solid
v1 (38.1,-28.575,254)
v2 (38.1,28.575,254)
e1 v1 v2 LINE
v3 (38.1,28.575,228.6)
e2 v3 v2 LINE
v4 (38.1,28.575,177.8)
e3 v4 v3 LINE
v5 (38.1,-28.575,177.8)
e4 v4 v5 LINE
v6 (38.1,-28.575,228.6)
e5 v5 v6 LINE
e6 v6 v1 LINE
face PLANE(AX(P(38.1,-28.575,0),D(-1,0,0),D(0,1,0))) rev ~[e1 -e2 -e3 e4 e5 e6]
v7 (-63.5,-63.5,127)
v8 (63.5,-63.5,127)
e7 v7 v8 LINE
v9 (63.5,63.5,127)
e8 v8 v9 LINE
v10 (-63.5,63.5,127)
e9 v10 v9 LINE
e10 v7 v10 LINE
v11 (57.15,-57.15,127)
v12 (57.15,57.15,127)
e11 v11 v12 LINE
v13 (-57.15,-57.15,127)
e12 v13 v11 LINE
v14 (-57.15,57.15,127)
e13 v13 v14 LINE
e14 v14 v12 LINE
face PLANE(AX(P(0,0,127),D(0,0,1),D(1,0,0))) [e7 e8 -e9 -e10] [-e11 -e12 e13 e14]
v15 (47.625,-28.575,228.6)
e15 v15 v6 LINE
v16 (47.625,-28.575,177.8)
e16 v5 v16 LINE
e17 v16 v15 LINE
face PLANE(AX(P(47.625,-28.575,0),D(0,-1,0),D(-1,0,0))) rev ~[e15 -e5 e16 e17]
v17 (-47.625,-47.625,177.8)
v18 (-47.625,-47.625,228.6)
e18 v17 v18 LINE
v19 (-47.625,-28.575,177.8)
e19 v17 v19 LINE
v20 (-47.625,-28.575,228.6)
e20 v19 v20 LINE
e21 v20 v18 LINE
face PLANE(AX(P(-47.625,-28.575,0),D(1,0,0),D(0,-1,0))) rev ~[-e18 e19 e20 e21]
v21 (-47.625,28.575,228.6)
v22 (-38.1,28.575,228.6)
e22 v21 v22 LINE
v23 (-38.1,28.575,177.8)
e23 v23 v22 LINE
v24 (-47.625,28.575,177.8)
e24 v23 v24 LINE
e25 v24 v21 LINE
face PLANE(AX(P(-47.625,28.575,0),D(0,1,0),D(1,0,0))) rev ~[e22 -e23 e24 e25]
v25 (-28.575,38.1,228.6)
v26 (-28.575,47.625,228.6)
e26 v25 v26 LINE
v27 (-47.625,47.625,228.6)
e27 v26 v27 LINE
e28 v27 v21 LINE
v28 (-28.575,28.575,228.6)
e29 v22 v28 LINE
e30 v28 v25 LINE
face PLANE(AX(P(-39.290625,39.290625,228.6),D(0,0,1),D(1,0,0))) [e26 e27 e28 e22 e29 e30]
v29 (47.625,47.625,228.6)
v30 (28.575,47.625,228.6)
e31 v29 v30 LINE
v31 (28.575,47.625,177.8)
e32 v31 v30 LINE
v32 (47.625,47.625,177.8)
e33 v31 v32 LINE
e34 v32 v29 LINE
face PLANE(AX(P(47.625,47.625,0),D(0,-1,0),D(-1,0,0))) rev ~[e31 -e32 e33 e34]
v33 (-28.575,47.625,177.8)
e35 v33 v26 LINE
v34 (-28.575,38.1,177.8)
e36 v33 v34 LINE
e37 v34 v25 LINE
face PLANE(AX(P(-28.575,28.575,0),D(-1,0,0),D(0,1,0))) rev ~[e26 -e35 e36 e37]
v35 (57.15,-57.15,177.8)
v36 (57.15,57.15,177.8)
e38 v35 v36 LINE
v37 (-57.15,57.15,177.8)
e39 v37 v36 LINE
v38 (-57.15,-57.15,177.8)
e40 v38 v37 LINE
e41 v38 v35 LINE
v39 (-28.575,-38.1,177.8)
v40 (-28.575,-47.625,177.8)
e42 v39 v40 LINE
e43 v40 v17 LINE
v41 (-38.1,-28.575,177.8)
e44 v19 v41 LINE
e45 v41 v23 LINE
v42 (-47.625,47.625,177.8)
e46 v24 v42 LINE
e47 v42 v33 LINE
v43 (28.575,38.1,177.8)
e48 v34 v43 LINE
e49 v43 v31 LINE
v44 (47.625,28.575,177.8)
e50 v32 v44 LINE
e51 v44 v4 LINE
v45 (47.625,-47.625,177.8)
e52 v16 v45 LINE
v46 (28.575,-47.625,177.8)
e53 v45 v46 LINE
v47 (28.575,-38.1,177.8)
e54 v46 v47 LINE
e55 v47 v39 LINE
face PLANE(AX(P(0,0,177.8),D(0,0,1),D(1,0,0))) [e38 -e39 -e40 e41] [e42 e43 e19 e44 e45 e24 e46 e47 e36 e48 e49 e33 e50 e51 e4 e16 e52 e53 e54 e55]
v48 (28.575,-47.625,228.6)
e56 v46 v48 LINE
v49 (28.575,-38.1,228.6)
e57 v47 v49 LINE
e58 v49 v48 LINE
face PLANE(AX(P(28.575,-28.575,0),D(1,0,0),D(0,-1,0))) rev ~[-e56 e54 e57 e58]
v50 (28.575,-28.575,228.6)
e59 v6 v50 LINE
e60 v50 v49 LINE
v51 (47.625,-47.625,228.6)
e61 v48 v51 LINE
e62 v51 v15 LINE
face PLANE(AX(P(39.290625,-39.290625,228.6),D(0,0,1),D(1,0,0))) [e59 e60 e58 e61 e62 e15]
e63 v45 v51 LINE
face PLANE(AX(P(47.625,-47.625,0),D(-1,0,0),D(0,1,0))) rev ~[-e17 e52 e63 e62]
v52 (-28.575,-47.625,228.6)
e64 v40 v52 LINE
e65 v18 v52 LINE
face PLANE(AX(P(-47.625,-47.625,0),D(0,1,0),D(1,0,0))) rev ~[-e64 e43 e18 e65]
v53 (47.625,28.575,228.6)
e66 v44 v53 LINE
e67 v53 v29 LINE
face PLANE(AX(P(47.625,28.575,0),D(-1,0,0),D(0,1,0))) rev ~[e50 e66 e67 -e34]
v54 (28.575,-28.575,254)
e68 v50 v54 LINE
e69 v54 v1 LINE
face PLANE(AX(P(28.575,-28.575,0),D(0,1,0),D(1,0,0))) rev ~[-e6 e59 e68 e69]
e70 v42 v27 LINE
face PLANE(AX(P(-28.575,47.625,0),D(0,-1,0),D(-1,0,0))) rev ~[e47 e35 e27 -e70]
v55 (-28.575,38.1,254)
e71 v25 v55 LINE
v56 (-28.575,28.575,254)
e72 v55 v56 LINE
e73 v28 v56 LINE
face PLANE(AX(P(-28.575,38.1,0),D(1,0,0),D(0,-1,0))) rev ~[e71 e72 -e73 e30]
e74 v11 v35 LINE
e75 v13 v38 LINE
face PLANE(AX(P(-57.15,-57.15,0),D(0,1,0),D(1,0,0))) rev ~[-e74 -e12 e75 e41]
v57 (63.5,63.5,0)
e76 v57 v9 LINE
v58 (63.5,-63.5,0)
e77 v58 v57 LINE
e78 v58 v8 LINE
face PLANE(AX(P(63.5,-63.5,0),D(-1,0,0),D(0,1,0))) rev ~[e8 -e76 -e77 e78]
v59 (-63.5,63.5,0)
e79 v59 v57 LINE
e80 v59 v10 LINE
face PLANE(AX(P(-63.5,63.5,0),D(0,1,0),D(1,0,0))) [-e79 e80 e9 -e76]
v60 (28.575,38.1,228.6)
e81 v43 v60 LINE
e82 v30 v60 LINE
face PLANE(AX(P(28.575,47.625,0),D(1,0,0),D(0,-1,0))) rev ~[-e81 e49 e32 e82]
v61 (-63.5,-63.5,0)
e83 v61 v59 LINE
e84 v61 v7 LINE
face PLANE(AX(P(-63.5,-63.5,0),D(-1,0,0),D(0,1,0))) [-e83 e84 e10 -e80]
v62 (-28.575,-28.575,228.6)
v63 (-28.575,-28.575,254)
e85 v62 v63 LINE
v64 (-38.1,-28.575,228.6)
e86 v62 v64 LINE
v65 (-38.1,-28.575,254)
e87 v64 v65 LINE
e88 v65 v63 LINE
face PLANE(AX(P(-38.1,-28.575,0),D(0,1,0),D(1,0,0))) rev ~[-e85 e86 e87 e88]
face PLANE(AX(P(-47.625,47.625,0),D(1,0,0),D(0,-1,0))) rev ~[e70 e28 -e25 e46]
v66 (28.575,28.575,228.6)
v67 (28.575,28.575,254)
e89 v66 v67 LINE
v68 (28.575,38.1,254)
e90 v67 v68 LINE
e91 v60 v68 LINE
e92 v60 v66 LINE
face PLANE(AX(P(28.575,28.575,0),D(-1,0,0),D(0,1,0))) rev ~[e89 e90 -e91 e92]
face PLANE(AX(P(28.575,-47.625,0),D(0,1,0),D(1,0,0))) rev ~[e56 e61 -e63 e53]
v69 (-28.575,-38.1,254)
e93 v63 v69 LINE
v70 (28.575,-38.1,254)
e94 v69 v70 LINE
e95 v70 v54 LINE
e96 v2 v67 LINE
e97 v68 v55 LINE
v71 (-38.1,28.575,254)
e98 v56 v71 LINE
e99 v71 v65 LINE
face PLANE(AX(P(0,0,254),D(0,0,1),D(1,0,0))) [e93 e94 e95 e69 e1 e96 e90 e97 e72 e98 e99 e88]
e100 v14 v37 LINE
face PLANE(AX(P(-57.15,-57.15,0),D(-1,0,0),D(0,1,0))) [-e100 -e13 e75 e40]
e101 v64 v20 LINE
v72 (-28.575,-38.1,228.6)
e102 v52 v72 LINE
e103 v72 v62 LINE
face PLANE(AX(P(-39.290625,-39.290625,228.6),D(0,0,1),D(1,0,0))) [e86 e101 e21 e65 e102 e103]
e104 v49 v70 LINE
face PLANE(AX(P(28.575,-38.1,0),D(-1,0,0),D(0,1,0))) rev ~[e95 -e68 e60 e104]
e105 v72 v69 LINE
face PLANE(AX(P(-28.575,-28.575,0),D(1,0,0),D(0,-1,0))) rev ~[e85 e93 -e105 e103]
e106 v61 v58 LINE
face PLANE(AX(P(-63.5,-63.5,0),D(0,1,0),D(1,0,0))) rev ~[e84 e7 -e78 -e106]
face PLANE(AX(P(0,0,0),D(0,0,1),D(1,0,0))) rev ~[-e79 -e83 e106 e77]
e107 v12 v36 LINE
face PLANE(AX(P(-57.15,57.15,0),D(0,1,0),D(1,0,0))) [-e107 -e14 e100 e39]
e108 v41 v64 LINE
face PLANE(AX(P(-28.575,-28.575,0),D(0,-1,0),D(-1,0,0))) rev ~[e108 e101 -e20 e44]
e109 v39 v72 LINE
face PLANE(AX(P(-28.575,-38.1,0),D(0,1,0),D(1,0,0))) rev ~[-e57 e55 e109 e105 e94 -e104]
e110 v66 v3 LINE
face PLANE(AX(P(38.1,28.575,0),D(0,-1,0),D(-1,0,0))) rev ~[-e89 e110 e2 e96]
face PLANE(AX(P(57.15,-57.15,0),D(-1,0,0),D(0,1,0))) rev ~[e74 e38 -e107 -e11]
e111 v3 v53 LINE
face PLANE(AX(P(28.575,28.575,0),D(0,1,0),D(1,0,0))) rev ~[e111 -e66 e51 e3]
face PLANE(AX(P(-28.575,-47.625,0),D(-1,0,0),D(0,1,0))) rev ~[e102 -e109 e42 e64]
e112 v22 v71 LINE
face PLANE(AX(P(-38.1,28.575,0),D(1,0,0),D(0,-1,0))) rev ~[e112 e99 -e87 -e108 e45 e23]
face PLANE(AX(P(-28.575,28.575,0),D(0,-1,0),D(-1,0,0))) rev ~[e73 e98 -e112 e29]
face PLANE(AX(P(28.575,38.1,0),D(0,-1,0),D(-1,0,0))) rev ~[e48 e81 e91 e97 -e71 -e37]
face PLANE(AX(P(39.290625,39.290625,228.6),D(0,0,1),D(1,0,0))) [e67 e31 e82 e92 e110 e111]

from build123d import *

# Parameters (mm, degrees)
F1_DEPTH = 254
F0_W     = 9.525
F0_H     = 9.525
F2_DEPTH = 228.6
F0_W_2   = 114.3
F0_H_2   = 114.3
F3_DEPTH = 177.8
F0_W_3   = 127
F0_H_3   = 127
F4_DEPTH = 127


with BuildPart() as f1:
    # F0 (on Top) → F1 (new body)
    with BuildSketch(Plane.XY):
        Polygon((28.575, 38.1), (-28.575, 38.1), (-28.575, 28.575), (-38.1, 28.575), (-38.1, -28.575), (-28.575, -28.575), (-28.575, -38.1), (28.575, -38.1), (28.575, -28.575), (38.1, -28.575), (38.1, 28.575), (28.575, 28.575), align=None)
    extrude(amount=F1_DEPTH)

    # F0 (on Top) → F2 (join)
    with BuildSketch(Plane.XY):
        Polygon((-38.1, 28.575), (-38.1, 38.1), (-28.575, 38.1), (-28.575, 47.625), (-47.625, 47.625), (-47.625, 28.575), align=None)
        with Locations((-33.3375, 33.3375)):
            Rectangle(F0_W, F0_H)
        Polygon((-38.1, -38.1), (-38.1, -28.575), (-47.625, -28.575), (-47.625, -47.625), (-28.575, -47.625), (-28.575, -38.1), align=None)
        with Locations((-33.3375, -33.3375)):
            Rectangle(F0_W, F0_H)
        Polygon((47.625, -28.575), (38.1, -28.575), (38.1, -38.1), (28.575, -38.1), (28.575, -47.625), (47.625, -47.625), align=None)
        with Locations((33.3375, -33.3375)):
            Rectangle(F0_W, F0_H)
        Polygon((28.575, 47.625), (28.575, 38.1), (38.1, 38.1), (38.1, 28.575), (47.625, 28.575), (47.625, 47.625), align=None)
        with Locations((33.3375, 33.3375)):
            Rectangle(F0_W, F0_H)
    extrude(amount=F2_DEPTH)

    # F0 (on Top) → F3 (join)
    with BuildSketch(Plane.XY):
        Rectangle(F0_W_2, F0_H_2)
        Polygon((-28.575, 47.625), (-28.575, 38.1), (28.575, 38.1), (28.575, 47.625), (47.625, 47.625), (47.625, 28.575), (38.1, 28.575), (38.1, -28.575), (47.625, -28.575), (47.625, -47.625), (28.575, -47.625), (28.575, -38.1), (-28.575, -38.1), (-28.575, -47.625), (-47.625, -47.625), (-47.625, -28.575), (-38.1, -28.575), (-38.1, 28.575), (-47.625, 28.575), (-47.625, 47.625), align=None, mode=Mode.SUBTRACT)
    extrude(amount=F3_DEPTH)

    # F0 (on Top) → F4 (join)
    with BuildSketch(Plane.XY):
        Rectangle(F0_W_3, F0_H_3)
        Rectangle(F0_W_2, F0_H_2, mode=Mode.SUBTRACT)
    extrude(amount=F4_DEPTH)


solid = f1.part
